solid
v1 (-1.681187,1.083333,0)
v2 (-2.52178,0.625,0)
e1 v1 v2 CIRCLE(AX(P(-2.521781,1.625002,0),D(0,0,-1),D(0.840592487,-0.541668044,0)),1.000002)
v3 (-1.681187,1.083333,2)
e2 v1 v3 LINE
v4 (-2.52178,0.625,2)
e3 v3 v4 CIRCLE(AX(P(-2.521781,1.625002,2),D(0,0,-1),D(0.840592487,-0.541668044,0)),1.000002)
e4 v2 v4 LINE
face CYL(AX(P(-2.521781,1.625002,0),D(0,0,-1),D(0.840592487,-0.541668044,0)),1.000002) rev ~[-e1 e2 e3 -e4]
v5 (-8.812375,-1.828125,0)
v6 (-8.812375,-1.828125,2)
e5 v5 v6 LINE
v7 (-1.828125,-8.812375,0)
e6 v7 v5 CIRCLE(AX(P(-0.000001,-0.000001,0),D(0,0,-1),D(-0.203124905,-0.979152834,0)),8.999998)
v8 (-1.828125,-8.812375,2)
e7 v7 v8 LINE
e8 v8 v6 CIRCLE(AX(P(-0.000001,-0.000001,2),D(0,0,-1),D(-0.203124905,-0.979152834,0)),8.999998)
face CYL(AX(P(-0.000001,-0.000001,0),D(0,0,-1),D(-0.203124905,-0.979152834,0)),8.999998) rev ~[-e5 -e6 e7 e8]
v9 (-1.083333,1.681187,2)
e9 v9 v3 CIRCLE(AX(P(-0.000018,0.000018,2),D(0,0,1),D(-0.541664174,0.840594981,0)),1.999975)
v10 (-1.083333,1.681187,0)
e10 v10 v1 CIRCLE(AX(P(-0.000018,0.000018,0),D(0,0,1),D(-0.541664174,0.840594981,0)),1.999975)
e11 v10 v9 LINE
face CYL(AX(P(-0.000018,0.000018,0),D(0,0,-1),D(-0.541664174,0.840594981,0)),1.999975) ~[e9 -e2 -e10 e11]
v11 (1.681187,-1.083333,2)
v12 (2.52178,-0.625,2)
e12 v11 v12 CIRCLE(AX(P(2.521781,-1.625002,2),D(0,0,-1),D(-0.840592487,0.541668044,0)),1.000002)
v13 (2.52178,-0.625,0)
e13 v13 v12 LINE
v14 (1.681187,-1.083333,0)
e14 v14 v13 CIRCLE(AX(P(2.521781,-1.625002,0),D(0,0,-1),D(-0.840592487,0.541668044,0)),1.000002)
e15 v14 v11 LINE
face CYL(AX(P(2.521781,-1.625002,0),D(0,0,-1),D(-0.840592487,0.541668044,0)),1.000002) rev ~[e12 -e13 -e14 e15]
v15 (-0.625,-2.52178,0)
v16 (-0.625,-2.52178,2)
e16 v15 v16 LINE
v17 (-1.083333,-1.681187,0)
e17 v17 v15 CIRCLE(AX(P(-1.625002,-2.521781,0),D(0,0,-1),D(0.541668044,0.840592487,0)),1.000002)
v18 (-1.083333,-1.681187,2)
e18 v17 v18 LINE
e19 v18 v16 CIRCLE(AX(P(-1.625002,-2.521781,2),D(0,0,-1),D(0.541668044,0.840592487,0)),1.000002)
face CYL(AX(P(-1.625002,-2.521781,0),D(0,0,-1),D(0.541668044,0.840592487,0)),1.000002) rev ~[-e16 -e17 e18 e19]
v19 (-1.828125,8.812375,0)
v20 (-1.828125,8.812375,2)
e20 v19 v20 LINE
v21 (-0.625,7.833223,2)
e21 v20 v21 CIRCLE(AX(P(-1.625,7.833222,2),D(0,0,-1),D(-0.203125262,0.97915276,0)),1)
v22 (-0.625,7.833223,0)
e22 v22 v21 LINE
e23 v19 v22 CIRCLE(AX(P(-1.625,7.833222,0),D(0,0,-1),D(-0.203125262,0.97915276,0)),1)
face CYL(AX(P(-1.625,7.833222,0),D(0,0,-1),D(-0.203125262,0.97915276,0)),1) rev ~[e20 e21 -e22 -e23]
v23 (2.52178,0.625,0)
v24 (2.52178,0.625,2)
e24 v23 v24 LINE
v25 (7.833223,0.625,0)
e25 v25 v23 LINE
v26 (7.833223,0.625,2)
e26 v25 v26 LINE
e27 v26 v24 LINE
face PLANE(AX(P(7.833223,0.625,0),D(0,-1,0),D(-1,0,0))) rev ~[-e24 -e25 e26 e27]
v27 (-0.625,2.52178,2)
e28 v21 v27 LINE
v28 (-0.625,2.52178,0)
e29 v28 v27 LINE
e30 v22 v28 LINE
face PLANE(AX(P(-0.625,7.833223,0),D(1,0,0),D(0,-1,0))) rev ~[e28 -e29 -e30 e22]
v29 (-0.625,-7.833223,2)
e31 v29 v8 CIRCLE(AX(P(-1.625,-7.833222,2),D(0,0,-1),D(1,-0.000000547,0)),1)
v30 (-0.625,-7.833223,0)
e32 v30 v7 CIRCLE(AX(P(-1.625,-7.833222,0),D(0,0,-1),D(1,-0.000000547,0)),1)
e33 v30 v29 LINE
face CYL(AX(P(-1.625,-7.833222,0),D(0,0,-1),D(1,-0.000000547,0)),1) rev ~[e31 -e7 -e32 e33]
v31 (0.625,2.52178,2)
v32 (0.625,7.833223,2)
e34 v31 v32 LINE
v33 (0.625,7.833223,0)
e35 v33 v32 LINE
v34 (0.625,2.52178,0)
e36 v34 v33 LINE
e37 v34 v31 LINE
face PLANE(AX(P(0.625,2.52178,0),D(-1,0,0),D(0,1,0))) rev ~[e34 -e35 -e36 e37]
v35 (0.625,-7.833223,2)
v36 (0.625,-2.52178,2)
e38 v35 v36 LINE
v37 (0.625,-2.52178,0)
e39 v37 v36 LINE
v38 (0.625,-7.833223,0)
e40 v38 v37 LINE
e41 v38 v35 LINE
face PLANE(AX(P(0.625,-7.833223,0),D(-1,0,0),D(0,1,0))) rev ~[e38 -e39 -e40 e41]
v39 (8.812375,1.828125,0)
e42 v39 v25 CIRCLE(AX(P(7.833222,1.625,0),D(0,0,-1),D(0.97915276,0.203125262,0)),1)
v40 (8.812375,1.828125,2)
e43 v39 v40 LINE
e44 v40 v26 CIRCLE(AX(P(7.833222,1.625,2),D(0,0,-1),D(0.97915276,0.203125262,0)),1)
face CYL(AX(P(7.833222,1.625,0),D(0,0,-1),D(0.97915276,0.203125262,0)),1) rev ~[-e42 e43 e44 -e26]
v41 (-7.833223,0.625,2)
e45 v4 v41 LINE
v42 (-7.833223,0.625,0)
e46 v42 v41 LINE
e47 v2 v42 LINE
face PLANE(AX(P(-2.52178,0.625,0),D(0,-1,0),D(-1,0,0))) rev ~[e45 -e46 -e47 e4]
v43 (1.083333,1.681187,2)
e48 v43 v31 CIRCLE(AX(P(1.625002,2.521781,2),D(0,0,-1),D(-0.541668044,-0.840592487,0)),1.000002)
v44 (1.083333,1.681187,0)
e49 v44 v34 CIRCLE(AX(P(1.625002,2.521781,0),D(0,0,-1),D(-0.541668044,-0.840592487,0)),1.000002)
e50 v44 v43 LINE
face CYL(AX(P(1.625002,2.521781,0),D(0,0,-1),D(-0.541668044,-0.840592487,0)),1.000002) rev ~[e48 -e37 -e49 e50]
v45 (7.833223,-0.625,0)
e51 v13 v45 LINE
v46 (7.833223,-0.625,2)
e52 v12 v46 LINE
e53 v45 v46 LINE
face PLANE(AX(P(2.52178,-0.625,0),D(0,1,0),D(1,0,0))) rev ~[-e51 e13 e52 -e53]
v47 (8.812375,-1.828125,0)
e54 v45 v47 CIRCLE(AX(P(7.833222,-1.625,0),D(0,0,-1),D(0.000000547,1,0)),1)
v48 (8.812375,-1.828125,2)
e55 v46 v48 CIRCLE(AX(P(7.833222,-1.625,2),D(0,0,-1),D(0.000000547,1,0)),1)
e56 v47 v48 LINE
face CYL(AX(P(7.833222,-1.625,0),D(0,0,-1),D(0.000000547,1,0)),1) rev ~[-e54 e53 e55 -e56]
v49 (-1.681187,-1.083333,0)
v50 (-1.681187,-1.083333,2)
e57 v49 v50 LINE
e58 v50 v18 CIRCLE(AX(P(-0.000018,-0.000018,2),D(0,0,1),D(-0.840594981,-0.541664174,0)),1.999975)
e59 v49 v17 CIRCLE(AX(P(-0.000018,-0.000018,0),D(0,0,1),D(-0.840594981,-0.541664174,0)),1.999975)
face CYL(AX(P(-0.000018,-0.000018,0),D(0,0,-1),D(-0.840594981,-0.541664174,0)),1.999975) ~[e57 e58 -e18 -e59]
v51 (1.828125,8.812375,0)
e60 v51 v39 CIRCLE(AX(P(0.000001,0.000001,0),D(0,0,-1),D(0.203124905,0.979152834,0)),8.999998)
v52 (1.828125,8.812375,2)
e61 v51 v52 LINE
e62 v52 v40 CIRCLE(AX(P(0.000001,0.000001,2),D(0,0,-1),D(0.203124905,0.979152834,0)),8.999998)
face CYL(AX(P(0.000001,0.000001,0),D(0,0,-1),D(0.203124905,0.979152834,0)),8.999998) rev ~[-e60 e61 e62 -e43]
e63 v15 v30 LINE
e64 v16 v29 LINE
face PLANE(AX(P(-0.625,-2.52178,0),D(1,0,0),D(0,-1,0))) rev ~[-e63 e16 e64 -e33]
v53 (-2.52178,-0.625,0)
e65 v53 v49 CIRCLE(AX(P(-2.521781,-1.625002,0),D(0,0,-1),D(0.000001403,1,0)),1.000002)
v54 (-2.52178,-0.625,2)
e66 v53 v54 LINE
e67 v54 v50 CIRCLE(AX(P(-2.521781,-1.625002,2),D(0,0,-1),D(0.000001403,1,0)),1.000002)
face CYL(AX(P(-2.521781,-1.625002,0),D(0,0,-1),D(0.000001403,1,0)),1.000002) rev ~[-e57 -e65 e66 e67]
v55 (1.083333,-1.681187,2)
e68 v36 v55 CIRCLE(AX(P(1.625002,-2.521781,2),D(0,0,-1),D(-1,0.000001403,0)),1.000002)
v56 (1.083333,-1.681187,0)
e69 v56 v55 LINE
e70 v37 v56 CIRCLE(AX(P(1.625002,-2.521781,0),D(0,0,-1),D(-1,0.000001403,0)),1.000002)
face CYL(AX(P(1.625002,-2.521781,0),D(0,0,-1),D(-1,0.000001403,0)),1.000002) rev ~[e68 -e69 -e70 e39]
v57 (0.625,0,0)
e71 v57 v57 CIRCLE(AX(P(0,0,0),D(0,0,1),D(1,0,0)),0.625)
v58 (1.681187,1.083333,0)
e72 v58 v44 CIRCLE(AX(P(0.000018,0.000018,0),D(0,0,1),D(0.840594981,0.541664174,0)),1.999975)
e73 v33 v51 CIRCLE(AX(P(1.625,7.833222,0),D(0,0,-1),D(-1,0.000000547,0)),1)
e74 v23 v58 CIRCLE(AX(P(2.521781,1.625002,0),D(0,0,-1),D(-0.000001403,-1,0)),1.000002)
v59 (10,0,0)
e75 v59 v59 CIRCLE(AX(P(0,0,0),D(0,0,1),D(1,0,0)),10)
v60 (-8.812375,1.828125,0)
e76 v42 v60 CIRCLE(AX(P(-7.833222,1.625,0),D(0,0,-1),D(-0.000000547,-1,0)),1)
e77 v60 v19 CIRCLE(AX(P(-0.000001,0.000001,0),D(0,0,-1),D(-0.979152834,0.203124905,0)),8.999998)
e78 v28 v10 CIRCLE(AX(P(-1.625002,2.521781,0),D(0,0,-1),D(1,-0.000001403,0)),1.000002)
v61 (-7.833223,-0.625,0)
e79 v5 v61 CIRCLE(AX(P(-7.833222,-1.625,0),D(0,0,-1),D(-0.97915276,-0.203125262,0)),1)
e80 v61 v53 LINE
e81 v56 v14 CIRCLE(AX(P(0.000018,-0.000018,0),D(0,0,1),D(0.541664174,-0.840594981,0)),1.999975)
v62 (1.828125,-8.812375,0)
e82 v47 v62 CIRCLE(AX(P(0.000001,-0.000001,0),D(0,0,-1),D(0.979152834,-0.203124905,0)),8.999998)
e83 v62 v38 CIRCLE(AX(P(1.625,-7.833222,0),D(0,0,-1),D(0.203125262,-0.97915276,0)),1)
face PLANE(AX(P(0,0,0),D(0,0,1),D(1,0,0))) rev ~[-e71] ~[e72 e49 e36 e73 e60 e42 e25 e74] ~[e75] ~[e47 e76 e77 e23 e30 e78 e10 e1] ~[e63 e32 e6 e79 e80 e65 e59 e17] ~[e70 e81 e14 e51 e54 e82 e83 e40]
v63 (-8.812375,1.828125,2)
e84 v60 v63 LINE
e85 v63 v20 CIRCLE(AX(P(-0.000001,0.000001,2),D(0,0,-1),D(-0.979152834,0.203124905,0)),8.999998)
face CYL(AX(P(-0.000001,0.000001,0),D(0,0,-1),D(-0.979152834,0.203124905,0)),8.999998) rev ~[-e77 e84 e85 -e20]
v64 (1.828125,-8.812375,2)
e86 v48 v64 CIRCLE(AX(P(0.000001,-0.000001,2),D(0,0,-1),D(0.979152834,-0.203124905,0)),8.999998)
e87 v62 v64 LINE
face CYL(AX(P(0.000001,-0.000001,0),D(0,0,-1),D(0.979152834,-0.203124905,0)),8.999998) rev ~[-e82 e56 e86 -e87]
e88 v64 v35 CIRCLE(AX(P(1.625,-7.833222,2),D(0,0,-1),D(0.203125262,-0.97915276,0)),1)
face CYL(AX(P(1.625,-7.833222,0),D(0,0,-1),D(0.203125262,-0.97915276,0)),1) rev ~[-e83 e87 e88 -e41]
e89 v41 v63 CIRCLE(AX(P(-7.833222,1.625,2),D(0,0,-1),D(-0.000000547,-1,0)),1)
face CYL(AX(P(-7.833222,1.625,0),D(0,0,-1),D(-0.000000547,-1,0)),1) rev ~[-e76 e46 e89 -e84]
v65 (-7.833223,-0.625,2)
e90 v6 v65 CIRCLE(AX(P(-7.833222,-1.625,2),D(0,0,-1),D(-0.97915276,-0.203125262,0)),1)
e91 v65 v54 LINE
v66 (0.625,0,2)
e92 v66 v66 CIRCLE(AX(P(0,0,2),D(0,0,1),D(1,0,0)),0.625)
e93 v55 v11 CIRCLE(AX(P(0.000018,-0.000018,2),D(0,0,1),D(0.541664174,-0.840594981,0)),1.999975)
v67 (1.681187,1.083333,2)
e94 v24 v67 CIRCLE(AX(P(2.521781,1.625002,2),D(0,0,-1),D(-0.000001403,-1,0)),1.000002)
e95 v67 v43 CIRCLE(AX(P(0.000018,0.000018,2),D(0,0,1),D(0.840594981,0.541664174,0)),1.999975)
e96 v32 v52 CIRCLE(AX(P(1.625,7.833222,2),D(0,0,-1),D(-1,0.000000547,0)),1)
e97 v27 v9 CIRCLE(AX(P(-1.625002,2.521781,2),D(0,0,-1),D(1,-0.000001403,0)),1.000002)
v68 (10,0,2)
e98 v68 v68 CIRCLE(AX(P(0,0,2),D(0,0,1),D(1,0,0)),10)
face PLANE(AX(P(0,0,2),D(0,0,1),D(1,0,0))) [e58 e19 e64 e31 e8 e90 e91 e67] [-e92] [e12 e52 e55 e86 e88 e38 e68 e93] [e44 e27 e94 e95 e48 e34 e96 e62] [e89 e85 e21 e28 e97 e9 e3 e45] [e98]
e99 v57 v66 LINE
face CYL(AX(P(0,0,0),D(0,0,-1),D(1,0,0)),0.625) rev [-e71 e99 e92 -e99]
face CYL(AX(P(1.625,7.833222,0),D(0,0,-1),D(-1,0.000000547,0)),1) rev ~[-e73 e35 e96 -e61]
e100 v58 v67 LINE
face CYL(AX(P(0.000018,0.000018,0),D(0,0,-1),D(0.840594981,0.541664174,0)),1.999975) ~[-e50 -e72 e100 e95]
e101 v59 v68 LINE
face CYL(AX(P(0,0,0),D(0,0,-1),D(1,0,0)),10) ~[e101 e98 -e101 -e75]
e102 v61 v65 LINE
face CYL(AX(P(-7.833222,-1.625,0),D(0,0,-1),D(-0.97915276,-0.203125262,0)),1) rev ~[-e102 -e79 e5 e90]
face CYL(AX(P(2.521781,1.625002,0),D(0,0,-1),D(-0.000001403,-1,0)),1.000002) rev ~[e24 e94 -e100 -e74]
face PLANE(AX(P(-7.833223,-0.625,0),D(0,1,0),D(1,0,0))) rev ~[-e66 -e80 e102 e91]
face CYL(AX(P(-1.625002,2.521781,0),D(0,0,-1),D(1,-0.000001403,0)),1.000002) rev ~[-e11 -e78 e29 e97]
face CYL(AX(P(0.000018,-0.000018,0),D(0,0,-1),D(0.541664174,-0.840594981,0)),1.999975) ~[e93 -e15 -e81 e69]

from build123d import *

# Parameters (mm, degrees)
F0_R     = 10
F0_R_2   = 0.625
F1_DEPTH = 2


with BuildPart() as f1:
    # F0 (on Top) → F1 (new body)
    with BuildSketch(Plane.XY):
        Circle(F0_R)
        with BuildLine():
            Line((-0.625, -2.52178), (-0.625, -7.833223))
            ThreePointArc((-0.625, -7.833223), (-0.993781, -8.608827), (-1.828125, -8.812375))
            ThreePointArc((-1.828125, -8.812375), (-6.363961, -6.363961), (-8.812375, -1.828125))
            ThreePointArc((-8.812375, -1.828125), (-8.608827, -0.993781), (-7.833223, -0.625))
            Line((-7.833223, -0.625), (-2.52178, -0.625))
            ThreePointArc((-2.52178, -0.625), (-2.043067, -0.747029), (-1.681187, -1.083333))
            ThreePointArc((-1.681187, -1.083333), (-1.414214, -1.414214), (-1.083333, -1.681187))
            ThreePointArc((-1.083333, -1.681187), (-0.747029, -2.043067), (-0.625, -2.52178))
        make_face(mode=Mode.SUBTRACT)
        with BuildLine():
            Line((2.52178, -0.625), (7.833223, -0.625))
            ThreePointArc((7.833223, -0.625), (8.608827, -0.993781), (8.812375, -1.828125))
            ThreePointArc((8.812375, -1.828125), (6.363961, -6.363961), (1.828125, -8.812375))
            ThreePointArc((1.828125, -8.812375), (0.993781, -8.608827), (0.625, -7.833223))
            Line((0.625, -7.833223), (0.625, -2.52178))
            ThreePointArc((0.625, -2.52178), (0.747029, -2.043067), (1.083333, -1.681187))
            ThreePointArc((1.083333, -1.681187), (1.414214, -1.414214), (1.681187, -1.083333))
            ThreePointArc((1.681187, -1.083333), (2.043067, -0.747029), (2.52178, -0.625))
        make_face(mode=Mode.SUBTRACT)
        with BuildLine():
            ThreePointArc((-0.625, 2.52178), (-0.747029, 2.043067), (-1.083333, 1.681187))
            ThreePointArc((-1.083333, 1.681187), (-1.414214, 1.414214), (-1.681187, 1.083333))
            ThreePointArc((-1.681187, 1.083333), (-2.043067, 0.747029), (-2.52178, 0.625))
            Line((-2.52178, 0.625), (-7.833223, 0.625))
            ThreePointArc((-7.833223, 0.625), (-8.608827, 0.993781), (-8.812375, 1.828125))
            ThreePointArc((-8.812375, 1.828125), (-6.363961, 6.363961), (-1.828125, 8.812375))
            ThreePointArc((-1.828125, 8.812375), (-0.993781, 8.608827), (-0.625, 7.833223))
            Line((-0.625, 7.833223), (-0.625, 2.52178))
        make_face(mode=Mode.SUBTRACT)
        Circle(F0_R_2, mode=Mode.SUBTRACT)
        with BuildLine():
            ThreePointArc((1.828125, 8.812375), (6.363961, 6.363961), (8.812375, 1.828125))
            ThreePointArc((8.812375, 1.828125), (8.608827, 0.993781), (7.833223, 0.625))
            Line((7.833223, 0.625), (2.52178, 0.625))
            ThreePointArc((2.52178, 0.625), (2.043067, 0.747029), (1.681187, 1.083333))
            ThreePointArc((1.681187, 1.083333), (1.414214, 1.414214), (1.083333, 1.681187))
            ThreePointArc((1.083333, 1.681187), (0.747029, 2.043067), (0.625, 2.52178))
            Line((0.625, 2.52178), (0.625, 7.833223))
            ThreePointArc((0.625, 7.833223), (0.993781, 8.608827), (1.828125, 8.812375))
        make_face(mode=Mode.SUBTRACT)
    extrude(amount=F1_DEPTH)


solid = f1.part
